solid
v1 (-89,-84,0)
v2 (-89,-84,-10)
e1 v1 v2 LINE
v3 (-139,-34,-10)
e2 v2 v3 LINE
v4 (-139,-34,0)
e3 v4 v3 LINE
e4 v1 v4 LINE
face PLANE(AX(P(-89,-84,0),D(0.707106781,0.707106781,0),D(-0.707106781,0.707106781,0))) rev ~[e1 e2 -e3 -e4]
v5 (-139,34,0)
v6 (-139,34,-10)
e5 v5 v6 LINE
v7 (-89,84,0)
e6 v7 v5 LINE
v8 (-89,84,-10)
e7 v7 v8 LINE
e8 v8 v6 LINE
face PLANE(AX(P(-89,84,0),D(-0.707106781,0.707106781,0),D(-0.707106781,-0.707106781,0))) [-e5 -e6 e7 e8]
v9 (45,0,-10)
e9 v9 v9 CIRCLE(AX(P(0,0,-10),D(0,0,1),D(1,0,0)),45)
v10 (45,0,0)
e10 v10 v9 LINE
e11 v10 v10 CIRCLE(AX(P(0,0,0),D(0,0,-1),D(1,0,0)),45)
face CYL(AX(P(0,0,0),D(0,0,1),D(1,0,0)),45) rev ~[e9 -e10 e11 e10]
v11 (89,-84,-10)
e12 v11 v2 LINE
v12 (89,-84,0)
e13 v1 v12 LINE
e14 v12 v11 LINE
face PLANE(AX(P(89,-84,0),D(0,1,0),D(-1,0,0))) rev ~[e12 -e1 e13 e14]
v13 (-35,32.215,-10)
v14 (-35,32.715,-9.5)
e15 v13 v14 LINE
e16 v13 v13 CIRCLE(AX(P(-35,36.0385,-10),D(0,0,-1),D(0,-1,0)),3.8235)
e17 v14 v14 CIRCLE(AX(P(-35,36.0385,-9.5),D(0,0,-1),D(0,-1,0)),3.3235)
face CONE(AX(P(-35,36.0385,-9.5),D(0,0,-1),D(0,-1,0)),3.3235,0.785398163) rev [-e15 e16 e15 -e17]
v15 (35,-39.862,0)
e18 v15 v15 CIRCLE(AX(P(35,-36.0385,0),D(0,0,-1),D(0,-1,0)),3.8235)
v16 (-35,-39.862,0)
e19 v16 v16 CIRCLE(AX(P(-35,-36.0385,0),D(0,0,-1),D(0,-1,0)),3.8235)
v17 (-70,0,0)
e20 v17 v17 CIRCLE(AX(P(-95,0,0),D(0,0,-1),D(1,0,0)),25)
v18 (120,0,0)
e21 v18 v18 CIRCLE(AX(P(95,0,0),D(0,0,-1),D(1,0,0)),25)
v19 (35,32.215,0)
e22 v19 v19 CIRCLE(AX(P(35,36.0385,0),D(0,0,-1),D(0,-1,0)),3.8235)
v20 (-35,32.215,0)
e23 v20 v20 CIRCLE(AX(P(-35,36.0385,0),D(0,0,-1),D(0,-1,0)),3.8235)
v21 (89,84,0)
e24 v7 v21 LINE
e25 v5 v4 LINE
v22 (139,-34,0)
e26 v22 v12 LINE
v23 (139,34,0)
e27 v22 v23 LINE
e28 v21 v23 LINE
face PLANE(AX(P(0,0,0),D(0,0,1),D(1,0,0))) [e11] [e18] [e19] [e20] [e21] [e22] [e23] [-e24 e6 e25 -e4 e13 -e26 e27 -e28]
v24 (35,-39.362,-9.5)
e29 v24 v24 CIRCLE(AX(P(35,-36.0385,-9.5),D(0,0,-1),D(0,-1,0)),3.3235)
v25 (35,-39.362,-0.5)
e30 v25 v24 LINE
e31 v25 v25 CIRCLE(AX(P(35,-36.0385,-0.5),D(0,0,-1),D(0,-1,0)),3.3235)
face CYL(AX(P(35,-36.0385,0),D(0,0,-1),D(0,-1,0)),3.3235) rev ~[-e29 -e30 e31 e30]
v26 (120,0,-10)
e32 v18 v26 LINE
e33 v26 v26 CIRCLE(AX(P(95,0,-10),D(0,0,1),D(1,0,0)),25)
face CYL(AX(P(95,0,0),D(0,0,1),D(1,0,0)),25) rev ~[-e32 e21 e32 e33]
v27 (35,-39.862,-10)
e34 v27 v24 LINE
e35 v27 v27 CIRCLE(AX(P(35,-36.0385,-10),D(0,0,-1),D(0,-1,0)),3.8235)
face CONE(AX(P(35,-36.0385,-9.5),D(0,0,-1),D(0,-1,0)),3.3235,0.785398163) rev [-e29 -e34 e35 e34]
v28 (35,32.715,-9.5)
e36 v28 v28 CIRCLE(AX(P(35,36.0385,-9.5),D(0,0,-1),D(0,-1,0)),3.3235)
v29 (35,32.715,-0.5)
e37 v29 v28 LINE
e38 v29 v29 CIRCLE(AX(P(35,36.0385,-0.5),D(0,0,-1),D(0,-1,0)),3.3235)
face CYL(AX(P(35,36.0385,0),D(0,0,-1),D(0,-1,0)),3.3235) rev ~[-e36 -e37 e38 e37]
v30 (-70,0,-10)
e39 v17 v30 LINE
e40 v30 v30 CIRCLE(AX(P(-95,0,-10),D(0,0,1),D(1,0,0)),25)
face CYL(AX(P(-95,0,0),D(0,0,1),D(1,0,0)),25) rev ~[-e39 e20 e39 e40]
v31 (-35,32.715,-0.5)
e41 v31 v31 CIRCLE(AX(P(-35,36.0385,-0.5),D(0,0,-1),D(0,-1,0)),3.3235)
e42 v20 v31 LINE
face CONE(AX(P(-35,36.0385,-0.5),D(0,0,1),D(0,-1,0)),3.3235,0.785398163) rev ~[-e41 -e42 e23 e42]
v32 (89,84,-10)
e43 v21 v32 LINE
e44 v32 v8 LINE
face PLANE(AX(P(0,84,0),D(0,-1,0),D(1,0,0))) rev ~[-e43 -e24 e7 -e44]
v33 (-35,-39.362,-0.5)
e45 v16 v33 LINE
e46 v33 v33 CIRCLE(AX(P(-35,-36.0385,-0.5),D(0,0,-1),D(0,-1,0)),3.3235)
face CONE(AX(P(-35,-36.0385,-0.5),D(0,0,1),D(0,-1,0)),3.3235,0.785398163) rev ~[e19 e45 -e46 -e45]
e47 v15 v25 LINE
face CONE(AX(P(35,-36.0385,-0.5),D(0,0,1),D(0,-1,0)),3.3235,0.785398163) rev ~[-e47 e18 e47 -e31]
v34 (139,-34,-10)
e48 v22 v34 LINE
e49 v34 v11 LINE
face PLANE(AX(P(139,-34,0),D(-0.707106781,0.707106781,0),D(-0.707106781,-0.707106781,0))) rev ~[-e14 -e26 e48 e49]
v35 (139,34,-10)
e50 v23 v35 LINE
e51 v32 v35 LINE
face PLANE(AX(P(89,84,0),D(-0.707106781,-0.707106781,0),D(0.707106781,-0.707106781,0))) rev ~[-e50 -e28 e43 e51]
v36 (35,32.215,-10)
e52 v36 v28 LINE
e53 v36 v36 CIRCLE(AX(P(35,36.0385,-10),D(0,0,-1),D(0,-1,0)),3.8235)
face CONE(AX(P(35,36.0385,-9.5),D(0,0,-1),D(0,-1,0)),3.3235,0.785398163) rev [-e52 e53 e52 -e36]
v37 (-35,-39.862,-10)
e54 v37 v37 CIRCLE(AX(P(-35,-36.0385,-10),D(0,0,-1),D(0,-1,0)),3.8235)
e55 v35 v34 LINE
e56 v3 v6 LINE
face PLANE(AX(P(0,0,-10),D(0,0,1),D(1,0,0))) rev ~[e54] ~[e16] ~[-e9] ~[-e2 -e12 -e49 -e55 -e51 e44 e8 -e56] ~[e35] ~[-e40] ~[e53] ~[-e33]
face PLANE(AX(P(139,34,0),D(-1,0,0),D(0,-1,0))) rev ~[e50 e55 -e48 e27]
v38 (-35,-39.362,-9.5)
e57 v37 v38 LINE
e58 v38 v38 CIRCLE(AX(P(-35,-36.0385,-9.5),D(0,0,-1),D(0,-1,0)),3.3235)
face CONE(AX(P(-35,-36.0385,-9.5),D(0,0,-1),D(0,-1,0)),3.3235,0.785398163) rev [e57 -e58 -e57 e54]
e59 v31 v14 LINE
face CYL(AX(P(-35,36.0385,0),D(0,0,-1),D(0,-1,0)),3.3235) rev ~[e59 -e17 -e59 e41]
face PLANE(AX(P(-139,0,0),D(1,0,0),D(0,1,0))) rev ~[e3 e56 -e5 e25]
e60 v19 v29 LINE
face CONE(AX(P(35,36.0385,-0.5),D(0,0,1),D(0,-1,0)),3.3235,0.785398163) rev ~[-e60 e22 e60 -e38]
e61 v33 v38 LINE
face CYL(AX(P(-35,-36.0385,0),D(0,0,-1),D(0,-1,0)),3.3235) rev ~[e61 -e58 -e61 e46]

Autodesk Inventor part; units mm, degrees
ref_plane "YZ Plane" through (0, 0, 0) normal (1, 0, 0) x (0, 1, 0)
ref_plane "XZ Plane" through (0, 0, 0) normal (0, 1, 0) x (-1, 0, 0)
ref_plane "XY Plane" through (0, 0, 0) normal (0, 0, 1) x (1, 0, 0)
sketch "Sketch1" plane through (0, 0, 0) normal (0, 0, 1) x (1, 0, 0)
  line L0 (0, 117.6) -> (0, -117.6) projected
  line L1 (-194.6, 0) -> (194.6, 0) projected
  line L2 (-89, 84) -> (89, 84)
  line L3 (139, 34) -> (139, -34)
  line L4 (89, -84) -> (-89, -84)
  line L5 (-139, -34) -> (-139, 34)
  circle A0 centre (-95, 0) radius 25
  circle A1 centre (95, 0) radius 25
  circle A2 centre (0, 0) radius 45
  line L6 (-89, 84) -> (-139, 34)
  line L7 (89, 84) -> (139, 34)
  line L8 (139, -34) -> (89, -84)
  line L9 (-89, -84) -> (-139, -34)
  point P0 (-139, 84)
  point P1 (139, 84)
  point P2 (-139, -84)
  point P3 (139, -84)
  dimension "d0" = 278
  dimension "d1" = 168
  dimension "d8" = 50
  dimension "d9" = 190
  dimension "d10" = 95
  dimension "d11" = 90
  dimension "d12" = 50
  dimension "d13" = 50
  dimension "d14" = 50
  dimension "d15" = 50
  dimension "d16" = 50
  dimension "d17" = 50
  dimension "d18" = 50
  dimension "d19" = 50
extrude "Extrusion2" add sketch "Sketch1" against normal blind 10 contours L2 L7 L3 L1 A1 A2 L0 | L0 A2 L1 A0 L5 L6 L2 | L1 A1 L3 L8 L4 L0 A2 | A2 L0 L4 L9 L5 L1 A0
sketch "Sketch2" plane through (0, 0, 0) normal (0, 0, 1) x (1, 0, 0)
  line L0 (-139, -34) -> (-89, -84) projected
  line L1 (-89, -84) -> (89, -84) projected
  line L2 (89, -84) -> (139, -34) projected
  line L3 (139, -34) -> (139, 34) projected
  line L4 (139, 34) -> (89, 84) projected
  line L5 (89, 84) -> (-89, 84) projected
  line L6 (-89, 84) -> (-139, 34) projected
  line L7 (-139, 34) -> (-139, -34) projected
  circle A0 centre (-95, 0) radius 25 projected
  circle A1 centre (0, 0) radius 45 projected
  circle A2 centre (95, 0) radius 25 projected
  line L8 (-35, 36.0385) -> (35, 36.0385)
  line L9 (35, 36.0385) -> (35, -36.0385)
  line L10 (35, -36.0385) -> (-35, -36.0385)
  line L11 (-35, -36.0385) -> (-35, 36.0385)
  line L12 (0, 117.6) -> (0, -117.6) projected
  line L13 (-194.6, 0) -> (194.6, 0) projected
  dimension "d22" = 70
hole "Hole1" at (-35, 36.0385, 0) at (35, 36.0385, 0) at (-35, -36.0385, 0) at (35, -36.0385, 0) direction (0, 0, -1) diameter 6.647 end through all thread size "M8x1.25" class "6H" standard "ISO Metric profile"
chamfer "Chamfer2" distance 0.5 angle 45 8 edges at (-35, -32.715, -10) (35, -32.715, -10) (-35, 39.362, -10) (35, 39.362, -10) (-35, -32.715, 0) (35, -32.715, 0) (-35, 39.362, 0) (35, 39.362, 0)
equation "\"d13\" = d12"
equation "\"d14\" = d12"
equation "\"d15\" = d14"
equation "\"d16\" = d12"
equation "\"d17\" = d16"
equation "\"d18\" = d12"
equation "\"d19\" = d18"
properties part number "SlipersLåda 211018004-1"
